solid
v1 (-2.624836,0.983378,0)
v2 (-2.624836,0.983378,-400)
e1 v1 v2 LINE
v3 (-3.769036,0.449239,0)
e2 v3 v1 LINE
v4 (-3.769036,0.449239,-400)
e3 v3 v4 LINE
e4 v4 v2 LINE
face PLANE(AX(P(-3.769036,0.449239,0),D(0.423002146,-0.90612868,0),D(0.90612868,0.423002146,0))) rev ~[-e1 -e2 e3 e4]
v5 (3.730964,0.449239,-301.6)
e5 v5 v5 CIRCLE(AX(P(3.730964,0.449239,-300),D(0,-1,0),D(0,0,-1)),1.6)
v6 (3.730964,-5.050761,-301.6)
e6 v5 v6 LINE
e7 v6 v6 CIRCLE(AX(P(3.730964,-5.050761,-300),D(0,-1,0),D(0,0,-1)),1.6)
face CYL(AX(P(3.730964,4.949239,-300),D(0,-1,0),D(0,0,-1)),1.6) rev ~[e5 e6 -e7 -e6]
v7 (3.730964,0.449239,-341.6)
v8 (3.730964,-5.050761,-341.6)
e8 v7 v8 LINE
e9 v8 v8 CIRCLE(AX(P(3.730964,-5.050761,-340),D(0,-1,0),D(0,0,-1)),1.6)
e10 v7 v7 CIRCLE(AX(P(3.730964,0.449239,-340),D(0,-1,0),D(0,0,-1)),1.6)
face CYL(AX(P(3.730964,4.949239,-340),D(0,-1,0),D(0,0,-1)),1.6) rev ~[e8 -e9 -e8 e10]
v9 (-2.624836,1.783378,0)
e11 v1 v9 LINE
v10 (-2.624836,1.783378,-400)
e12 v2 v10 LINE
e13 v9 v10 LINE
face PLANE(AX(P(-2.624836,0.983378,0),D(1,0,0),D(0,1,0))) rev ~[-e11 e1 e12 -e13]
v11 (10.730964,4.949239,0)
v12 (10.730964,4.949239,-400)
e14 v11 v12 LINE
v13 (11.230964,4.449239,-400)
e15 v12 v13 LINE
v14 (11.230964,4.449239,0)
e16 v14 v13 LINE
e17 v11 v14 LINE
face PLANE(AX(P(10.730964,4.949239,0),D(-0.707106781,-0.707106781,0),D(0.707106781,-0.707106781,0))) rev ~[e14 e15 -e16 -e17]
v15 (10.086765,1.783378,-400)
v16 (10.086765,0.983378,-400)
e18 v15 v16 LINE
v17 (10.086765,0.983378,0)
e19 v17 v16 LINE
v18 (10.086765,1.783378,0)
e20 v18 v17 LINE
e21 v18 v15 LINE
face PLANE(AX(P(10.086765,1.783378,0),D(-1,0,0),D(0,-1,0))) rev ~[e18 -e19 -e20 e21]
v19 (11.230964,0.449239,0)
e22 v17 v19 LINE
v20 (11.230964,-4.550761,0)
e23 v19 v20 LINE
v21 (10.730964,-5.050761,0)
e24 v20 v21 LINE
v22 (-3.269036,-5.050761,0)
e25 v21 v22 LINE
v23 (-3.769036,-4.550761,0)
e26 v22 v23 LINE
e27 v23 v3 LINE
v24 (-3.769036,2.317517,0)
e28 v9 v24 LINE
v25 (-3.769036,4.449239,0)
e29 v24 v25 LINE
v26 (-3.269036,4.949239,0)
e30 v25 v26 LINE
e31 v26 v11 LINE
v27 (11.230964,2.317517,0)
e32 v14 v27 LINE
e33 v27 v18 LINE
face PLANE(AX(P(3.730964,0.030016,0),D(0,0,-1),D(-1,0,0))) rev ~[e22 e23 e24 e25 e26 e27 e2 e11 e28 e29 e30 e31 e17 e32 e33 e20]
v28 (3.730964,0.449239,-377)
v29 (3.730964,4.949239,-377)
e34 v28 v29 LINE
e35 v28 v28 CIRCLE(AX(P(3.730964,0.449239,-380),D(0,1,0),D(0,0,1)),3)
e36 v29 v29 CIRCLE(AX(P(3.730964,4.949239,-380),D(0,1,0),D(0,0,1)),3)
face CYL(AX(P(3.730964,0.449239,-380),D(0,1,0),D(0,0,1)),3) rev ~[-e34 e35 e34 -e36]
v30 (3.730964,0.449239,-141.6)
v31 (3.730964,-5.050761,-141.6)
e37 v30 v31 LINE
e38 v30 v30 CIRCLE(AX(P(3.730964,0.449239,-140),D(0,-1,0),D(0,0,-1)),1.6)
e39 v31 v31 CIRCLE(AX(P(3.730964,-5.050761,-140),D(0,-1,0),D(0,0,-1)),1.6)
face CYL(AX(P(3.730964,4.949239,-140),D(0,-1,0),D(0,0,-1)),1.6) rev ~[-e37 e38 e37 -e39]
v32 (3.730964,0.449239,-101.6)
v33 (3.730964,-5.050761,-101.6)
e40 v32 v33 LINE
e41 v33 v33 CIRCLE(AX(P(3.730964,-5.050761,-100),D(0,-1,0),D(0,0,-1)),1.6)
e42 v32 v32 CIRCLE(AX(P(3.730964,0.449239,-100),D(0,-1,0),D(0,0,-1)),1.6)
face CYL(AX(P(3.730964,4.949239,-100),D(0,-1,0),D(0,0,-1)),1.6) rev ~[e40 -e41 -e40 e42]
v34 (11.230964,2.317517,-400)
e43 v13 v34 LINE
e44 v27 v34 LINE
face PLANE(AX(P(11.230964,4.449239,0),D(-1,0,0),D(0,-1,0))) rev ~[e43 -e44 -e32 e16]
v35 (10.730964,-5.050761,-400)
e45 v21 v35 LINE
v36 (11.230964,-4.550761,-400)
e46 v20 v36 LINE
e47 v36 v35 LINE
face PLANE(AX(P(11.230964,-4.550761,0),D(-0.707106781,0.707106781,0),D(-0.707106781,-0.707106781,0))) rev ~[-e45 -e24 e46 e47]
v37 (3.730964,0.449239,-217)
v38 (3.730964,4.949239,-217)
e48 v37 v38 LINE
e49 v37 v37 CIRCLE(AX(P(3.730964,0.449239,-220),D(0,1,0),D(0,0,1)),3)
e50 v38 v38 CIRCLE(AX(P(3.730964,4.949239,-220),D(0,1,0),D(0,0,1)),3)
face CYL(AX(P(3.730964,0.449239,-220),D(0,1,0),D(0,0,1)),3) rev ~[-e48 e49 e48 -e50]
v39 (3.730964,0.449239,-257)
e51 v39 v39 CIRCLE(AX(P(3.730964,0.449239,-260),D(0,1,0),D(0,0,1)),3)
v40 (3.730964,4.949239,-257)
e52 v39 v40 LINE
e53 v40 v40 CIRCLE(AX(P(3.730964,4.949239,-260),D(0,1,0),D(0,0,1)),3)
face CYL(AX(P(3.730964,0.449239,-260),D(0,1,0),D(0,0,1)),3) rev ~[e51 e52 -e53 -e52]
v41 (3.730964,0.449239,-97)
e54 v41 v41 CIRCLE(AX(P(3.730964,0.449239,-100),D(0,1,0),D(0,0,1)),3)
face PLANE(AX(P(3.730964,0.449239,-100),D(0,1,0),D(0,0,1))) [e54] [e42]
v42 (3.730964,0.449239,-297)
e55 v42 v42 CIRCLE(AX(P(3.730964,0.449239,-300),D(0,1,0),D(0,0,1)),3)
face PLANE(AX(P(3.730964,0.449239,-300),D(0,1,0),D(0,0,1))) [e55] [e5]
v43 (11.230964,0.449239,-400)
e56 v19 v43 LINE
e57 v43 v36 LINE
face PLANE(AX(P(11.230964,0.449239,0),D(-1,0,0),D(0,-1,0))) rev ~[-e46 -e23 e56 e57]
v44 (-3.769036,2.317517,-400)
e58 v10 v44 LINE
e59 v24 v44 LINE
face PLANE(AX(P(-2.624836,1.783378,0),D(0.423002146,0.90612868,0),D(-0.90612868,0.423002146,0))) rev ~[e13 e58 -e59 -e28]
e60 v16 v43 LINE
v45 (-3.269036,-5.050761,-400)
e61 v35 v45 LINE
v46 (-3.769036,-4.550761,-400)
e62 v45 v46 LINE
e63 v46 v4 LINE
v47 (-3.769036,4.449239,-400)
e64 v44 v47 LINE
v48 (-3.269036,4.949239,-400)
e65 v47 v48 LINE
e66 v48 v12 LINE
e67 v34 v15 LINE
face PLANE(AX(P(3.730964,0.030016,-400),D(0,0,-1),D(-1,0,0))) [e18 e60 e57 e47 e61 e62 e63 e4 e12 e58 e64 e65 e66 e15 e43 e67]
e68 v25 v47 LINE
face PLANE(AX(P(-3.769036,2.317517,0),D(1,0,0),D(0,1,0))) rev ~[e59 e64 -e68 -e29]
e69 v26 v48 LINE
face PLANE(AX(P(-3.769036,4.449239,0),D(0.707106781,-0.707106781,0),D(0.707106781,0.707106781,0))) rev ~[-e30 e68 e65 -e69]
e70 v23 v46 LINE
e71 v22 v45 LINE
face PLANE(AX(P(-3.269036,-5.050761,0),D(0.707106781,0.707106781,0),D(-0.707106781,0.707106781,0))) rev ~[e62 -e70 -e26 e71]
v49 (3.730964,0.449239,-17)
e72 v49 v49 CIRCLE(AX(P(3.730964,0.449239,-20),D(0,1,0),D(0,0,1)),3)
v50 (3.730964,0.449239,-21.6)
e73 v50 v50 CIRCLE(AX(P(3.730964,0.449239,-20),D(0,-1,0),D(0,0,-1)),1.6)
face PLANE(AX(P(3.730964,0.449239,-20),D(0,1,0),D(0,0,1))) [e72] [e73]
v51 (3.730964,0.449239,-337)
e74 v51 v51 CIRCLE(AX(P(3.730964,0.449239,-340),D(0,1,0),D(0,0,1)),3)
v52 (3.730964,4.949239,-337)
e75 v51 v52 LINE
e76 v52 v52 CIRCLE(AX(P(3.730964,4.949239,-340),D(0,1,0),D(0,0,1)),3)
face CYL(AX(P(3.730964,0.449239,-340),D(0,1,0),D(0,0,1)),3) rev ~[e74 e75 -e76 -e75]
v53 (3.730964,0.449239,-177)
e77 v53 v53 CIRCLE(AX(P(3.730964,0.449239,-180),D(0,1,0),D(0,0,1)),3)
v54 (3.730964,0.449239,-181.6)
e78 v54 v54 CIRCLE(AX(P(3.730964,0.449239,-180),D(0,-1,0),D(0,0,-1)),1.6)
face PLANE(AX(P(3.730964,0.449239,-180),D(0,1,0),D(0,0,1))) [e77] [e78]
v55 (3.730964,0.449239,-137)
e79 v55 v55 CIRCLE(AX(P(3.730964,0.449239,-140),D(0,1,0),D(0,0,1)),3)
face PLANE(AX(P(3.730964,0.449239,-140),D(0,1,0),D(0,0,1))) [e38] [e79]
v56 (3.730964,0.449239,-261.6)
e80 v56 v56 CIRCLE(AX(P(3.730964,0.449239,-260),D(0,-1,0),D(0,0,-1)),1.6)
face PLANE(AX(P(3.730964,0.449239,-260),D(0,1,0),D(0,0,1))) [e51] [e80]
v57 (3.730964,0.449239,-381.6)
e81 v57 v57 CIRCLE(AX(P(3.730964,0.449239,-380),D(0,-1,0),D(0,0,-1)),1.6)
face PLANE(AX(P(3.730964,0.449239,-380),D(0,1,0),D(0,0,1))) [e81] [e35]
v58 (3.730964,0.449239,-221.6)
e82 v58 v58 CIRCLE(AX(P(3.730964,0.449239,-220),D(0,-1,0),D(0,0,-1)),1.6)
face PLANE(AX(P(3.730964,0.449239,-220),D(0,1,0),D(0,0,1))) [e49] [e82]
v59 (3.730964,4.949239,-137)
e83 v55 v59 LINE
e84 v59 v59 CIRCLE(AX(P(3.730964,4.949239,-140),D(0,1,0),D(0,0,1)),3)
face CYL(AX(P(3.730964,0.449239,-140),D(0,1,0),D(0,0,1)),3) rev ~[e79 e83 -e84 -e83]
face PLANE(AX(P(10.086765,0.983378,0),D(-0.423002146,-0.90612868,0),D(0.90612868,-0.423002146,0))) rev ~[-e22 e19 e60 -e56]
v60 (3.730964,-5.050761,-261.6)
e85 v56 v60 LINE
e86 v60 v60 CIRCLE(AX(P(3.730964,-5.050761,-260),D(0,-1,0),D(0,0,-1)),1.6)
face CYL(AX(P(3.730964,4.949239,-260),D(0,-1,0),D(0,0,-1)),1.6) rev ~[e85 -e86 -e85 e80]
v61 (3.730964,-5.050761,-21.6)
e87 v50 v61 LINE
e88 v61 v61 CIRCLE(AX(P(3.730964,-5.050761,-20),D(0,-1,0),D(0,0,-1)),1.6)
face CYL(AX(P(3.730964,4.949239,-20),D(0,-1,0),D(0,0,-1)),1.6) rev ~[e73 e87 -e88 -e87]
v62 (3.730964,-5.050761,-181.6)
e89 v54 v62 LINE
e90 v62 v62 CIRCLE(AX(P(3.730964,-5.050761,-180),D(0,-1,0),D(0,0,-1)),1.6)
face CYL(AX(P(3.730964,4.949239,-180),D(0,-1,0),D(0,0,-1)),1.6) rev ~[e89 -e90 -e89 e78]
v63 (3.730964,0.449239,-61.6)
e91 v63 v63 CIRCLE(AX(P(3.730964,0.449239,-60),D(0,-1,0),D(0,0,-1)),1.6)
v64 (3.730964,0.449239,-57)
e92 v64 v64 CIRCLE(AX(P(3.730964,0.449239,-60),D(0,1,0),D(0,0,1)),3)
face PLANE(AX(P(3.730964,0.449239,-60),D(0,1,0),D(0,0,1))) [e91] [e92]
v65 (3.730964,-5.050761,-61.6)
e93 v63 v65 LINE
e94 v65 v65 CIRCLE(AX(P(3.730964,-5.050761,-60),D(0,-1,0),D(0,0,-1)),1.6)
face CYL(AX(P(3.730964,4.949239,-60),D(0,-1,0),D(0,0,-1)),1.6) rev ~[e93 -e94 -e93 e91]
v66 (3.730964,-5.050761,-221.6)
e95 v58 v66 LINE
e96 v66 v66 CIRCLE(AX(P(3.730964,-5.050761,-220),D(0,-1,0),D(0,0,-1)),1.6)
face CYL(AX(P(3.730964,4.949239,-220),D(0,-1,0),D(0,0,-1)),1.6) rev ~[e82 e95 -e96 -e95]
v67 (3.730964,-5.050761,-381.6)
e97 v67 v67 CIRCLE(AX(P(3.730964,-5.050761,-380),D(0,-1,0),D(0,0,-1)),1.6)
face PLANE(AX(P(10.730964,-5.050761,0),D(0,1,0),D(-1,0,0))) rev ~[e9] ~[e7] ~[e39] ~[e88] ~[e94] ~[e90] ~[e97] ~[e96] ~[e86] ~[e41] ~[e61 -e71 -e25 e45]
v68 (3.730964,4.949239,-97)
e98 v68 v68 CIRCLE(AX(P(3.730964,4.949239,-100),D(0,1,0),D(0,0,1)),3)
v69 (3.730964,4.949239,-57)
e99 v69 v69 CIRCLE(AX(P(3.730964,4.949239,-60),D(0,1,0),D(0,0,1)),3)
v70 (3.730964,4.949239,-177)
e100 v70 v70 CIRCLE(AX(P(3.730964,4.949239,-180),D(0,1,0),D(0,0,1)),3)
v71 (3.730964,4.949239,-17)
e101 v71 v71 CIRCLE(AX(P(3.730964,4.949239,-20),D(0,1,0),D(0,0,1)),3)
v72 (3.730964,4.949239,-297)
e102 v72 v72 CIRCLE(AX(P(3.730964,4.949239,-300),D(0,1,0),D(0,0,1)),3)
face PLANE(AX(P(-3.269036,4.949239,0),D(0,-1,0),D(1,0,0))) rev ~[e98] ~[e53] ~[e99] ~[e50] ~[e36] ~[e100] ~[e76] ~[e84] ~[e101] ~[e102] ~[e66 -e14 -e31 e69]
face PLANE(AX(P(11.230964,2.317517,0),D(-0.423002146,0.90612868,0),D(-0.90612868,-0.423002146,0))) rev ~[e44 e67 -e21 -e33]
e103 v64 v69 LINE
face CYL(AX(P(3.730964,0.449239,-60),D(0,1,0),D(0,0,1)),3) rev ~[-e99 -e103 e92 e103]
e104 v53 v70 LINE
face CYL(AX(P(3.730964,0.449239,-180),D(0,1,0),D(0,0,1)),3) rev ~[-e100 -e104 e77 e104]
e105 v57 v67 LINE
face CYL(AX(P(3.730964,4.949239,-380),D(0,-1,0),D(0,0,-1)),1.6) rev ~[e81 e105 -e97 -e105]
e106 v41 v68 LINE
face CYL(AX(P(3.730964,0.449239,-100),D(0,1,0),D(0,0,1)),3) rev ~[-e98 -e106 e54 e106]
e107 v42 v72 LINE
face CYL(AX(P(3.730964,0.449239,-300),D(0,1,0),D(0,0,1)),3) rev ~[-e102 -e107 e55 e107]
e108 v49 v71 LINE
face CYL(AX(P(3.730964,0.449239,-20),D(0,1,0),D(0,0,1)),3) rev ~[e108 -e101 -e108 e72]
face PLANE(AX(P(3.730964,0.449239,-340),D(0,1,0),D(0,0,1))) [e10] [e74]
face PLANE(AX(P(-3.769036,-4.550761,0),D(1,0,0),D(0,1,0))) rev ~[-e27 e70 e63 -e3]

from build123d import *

# Parameters (mm, degrees)
EXTRUDE_1_DEPTH           = 400
HOLE_WIZARD_2_D           = 3.2
HOLE_WIZARD_2_CBORE_D     = 6
HOLE_WIZARD_2_CBORE_DEPTH = 4.5


with BuildPart() as part:
    # 草图1 → 凸台-拉伸1 (new body)
    with BuildSketch(Plane.XY):
        Polygon((-3.269035533, 4.949238579), (10.730964467, 4.949238579), (11.230964467, 4.449238579), (11.230964467, 2.317517259), (10.086764657, 1.783377919), (10.086764657, 0.983377919), (11.230964467, 0.449238579), (11.230964467, -4.550761421), (10.730964467, -5.050761421), (-3.269035533, -5.050761421), (-3.769035533, -4.550761421), (-3.769035533, 0.449238579), (-2.624835723, 0.983377919), (-2.624835723, 1.783377919), (-3.769035533, 2.317517259), (-3.769035533, 4.449238579), align=None)
    extrude(amount=-EXTRUDE_1_DEPTH)

    # 孔2 (through all)
    with Locations(Plane(origin=(3.730964467, 4.949238579, -380), x_dir=(0, 0, 1), z_dir=(0, 1, 0))):
        with Locations((0, 0), (40, 0), (80, 0), (120, 0), (160, 0), (200, 0), (240, 0), (280, 0), (320, 0), (360, 0)):
            CounterBoreHole(HOLE_WIZARD_2_D / 2, HOLE_WIZARD_2_CBORE_D / 2, HOLE_WIZARD_2_CBORE_DEPTH)


solid = part.part
